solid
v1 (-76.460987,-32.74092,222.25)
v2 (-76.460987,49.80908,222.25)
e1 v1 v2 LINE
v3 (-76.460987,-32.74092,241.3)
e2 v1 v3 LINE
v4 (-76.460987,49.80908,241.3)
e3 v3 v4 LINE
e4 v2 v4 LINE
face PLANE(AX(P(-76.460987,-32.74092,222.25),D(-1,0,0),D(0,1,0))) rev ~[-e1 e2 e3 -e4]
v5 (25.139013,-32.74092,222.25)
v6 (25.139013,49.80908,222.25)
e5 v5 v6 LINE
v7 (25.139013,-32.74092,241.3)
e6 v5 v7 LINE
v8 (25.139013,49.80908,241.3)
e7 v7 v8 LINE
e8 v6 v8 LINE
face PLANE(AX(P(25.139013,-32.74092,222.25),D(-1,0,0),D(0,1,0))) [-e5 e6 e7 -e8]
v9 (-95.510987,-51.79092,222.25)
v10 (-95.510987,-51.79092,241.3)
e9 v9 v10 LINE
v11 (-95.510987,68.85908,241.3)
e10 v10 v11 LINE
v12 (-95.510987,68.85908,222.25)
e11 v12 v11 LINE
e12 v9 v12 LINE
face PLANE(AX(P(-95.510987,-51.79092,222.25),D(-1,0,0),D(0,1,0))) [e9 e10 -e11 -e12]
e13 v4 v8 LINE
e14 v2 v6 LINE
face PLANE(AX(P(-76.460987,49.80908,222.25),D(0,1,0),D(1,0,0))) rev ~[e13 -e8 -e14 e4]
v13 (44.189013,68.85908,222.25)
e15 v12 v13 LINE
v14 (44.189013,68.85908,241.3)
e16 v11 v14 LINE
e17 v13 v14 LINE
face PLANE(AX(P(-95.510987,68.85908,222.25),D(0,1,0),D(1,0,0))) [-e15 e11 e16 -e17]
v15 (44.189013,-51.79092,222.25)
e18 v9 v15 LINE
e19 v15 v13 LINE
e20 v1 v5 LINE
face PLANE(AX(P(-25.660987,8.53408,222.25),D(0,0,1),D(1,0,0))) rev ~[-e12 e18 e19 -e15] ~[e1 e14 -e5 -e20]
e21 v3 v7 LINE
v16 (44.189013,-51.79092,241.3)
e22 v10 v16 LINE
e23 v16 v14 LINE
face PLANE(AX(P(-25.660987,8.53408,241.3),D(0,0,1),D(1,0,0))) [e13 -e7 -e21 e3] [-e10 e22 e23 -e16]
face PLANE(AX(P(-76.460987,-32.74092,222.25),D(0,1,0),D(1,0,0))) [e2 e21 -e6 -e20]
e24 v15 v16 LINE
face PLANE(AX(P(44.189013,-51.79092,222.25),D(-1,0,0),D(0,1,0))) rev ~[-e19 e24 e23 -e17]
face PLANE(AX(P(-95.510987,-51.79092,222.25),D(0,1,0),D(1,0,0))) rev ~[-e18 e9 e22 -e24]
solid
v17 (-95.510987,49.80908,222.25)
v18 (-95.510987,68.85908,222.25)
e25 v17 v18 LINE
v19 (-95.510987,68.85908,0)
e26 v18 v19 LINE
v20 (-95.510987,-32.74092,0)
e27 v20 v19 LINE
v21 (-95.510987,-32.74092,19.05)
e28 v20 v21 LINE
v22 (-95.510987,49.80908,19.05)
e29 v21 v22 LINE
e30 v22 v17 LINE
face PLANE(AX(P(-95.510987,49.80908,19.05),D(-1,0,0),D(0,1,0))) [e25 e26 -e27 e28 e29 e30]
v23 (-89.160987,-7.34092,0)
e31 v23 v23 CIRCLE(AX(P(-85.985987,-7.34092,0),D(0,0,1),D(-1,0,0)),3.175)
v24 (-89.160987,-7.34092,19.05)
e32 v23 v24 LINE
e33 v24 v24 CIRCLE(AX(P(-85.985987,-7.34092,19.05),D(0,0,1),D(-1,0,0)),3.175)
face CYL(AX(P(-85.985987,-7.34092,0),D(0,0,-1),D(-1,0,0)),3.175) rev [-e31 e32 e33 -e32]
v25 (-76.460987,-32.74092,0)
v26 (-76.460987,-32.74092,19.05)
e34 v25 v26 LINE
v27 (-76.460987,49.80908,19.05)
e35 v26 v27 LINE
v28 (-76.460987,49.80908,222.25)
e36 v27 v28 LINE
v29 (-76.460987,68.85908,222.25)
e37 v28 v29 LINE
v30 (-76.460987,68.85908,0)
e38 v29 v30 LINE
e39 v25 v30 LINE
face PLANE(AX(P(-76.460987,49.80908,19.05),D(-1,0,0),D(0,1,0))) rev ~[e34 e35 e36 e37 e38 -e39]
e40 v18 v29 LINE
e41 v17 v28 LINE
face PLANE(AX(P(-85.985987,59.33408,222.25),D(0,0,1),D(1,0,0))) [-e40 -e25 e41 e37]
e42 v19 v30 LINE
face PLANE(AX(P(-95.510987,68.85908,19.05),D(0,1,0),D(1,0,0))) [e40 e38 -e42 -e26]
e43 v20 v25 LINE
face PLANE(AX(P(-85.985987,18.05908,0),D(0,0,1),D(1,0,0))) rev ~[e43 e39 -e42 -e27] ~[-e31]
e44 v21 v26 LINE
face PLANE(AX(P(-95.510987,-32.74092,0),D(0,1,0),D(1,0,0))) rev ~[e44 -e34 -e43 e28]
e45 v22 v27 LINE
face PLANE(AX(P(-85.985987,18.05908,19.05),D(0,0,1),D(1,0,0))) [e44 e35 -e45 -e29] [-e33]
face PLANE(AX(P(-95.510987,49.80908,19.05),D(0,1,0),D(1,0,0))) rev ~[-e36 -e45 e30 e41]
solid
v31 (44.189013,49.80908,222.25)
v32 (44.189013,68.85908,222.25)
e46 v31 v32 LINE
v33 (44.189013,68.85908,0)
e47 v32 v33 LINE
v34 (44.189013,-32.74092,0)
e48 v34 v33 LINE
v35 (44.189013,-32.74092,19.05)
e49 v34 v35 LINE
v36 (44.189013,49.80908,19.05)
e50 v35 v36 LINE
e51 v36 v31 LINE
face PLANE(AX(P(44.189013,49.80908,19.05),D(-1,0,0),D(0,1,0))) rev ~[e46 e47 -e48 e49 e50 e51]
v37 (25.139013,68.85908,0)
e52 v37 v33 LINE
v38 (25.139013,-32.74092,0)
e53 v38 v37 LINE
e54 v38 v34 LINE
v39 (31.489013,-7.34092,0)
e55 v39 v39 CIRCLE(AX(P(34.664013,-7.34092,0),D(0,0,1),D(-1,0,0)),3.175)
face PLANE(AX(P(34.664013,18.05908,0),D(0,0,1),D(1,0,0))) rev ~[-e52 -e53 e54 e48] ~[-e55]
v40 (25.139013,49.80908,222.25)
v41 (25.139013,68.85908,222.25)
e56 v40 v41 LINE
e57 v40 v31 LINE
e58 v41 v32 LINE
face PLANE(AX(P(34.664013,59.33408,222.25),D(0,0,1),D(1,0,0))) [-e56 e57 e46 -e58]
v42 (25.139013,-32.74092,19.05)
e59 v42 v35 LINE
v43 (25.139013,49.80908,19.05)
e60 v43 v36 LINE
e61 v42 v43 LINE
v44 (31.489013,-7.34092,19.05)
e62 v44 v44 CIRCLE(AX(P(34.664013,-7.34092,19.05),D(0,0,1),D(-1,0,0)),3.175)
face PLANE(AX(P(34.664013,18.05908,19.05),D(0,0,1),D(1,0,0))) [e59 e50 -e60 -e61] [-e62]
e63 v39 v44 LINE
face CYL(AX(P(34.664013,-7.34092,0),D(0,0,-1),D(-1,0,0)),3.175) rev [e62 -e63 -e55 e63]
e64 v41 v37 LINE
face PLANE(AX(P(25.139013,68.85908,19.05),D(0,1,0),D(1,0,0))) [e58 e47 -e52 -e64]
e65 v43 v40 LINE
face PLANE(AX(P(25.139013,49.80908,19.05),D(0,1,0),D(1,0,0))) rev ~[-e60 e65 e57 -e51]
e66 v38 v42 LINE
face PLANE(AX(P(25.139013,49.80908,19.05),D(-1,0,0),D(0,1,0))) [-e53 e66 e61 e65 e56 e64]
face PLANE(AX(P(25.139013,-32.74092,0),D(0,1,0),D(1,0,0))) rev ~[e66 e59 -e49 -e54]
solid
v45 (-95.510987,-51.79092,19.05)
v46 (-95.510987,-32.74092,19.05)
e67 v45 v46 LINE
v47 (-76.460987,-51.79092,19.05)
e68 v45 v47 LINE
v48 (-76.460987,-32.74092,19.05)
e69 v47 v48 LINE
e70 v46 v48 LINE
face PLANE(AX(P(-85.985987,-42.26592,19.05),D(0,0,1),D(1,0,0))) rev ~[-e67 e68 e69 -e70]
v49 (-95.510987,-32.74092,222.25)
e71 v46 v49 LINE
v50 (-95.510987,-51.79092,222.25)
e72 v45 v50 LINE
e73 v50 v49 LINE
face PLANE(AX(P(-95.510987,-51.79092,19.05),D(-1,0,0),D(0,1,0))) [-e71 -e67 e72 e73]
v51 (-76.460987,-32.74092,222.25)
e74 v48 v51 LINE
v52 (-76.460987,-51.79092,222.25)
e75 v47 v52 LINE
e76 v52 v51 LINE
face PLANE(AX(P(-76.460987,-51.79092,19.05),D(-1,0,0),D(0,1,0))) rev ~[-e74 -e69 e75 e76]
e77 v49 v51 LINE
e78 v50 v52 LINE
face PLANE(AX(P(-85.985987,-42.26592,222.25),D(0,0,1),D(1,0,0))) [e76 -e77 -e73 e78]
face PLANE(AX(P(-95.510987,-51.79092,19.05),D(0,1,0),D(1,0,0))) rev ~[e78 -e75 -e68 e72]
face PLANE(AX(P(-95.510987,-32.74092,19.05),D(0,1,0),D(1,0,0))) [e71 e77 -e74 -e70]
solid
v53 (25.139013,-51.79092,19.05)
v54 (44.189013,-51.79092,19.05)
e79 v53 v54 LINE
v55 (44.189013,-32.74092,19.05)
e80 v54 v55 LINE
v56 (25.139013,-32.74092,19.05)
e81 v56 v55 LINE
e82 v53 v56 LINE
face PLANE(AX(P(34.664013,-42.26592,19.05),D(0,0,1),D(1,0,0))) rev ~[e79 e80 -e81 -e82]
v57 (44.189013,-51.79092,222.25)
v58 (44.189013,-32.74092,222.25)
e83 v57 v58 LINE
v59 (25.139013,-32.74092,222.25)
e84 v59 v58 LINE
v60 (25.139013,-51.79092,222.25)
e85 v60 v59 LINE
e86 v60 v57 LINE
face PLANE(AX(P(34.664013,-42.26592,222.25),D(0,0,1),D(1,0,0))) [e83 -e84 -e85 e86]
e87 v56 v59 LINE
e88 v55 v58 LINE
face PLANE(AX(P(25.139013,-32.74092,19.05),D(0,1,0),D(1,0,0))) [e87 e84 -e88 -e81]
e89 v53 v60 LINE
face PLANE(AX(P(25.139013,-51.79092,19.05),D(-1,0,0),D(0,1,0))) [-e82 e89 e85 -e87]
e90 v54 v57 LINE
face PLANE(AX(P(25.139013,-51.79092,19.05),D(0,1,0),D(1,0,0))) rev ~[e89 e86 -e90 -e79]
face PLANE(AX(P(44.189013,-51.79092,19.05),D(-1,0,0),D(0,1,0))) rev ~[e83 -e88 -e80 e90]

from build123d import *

# Parameters (mm, degrees)
SKETCH2_W             = 19.05
SKETCH2_H             = 101.6
SKETCH2_R             = 3.175
BOSS_EXTRUDE1_DEPTH   = 19.05
BOSS_EXTRUDE1_2_DEPTH = 19.05
SKETCH3_W             = 19.05
SKETCH3_H             = 19.05
BOSS_EXTRUDE2_DEPTH   = 203.2
SKETCH4_W             = 139.7
SKETCH4_H             = 120.65
SKETCH4_W_2           = 101.6
SKETCH4_H_2           = 82.55
BOSS_EXTRUDE6_DEPTH   = 19.05


with BuildPart() as part:
    # Sketch2 → Boss-Extrude1 (new body)
    with BuildSketch(Plane.XY):
        with Locations((-85.985987313, 18.059079762)):
            Rectangle(SKETCH2_W, SKETCH2_H)
        with Locations(Location((-85.985987313, -7.340920238, 0), (0, 0, 180))):
            Circle(SKETCH2_R, mode=Mode.SUBTRACT)
    extrude(amount=BOSS_EXTRUDE1_DEPTH)



with BuildPart() as body_2:
    # Sketch2 → Boss-Extrude1 2 (new body)
    with BuildSketch(Plane.XY):
        with Locations((34.664012687, 18.059079762)):
            Rectangle(SKETCH2_W, SKETCH2_H)
        with Locations(Location((34.664012687, -7.340920238, 0), (0, 0, 180))):
            Circle(SKETCH2_R, mode=Mode.SUBTRACT)
    extrude(amount=BOSS_EXTRUDE1_2_DEPTH)


with BuildPart() as part_1:
    add(part.part)

    add(body_2.part)  # Boss-Extrude2 merges body 2
    # Sketch3 → Boss-Extrude2 (add)
    with BuildSketch(Plane.XY.offset(19.05)):
        with Locations((-85.985987313, 59.334079762)):
            Rectangle(SKETCH3_W, SKETCH3_H)
        with Locations((34.664012687, 59.334079762)):
            Rectangle(SKETCH3_W, SKETCH3_H)
        with Locations((-85.985987313, -42.265920238)):
            Rectangle(SKETCH3_W, SKETCH3_H)
        with Locations((34.664012687, -42.265920238)):
            Rectangle(SKETCH3_W, SKETCH3_H)
    extrude(amount=BOSS_EXTRUDE2_DEPTH)


with BuildPart() as body_2_2:
    # Sketch4 → Boss-Extrude6 (new body)
    with BuildSketch(Plane.XY.offset(222.25)):
        with Locations((-25.660987313, 8.534079762)):
            Rectangle(SKETCH4_W, SKETCH4_H)
        with Locations((-25.660987313, 8.534079762)):
            Rectangle(SKETCH4_W_2, SKETCH4_H_2, mode=Mode.SUBTRACT)
    extrude(amount=BOSS_EXTRUDE6_DEPTH)


solid = Compound([part_1.part, body_2_2.part])
